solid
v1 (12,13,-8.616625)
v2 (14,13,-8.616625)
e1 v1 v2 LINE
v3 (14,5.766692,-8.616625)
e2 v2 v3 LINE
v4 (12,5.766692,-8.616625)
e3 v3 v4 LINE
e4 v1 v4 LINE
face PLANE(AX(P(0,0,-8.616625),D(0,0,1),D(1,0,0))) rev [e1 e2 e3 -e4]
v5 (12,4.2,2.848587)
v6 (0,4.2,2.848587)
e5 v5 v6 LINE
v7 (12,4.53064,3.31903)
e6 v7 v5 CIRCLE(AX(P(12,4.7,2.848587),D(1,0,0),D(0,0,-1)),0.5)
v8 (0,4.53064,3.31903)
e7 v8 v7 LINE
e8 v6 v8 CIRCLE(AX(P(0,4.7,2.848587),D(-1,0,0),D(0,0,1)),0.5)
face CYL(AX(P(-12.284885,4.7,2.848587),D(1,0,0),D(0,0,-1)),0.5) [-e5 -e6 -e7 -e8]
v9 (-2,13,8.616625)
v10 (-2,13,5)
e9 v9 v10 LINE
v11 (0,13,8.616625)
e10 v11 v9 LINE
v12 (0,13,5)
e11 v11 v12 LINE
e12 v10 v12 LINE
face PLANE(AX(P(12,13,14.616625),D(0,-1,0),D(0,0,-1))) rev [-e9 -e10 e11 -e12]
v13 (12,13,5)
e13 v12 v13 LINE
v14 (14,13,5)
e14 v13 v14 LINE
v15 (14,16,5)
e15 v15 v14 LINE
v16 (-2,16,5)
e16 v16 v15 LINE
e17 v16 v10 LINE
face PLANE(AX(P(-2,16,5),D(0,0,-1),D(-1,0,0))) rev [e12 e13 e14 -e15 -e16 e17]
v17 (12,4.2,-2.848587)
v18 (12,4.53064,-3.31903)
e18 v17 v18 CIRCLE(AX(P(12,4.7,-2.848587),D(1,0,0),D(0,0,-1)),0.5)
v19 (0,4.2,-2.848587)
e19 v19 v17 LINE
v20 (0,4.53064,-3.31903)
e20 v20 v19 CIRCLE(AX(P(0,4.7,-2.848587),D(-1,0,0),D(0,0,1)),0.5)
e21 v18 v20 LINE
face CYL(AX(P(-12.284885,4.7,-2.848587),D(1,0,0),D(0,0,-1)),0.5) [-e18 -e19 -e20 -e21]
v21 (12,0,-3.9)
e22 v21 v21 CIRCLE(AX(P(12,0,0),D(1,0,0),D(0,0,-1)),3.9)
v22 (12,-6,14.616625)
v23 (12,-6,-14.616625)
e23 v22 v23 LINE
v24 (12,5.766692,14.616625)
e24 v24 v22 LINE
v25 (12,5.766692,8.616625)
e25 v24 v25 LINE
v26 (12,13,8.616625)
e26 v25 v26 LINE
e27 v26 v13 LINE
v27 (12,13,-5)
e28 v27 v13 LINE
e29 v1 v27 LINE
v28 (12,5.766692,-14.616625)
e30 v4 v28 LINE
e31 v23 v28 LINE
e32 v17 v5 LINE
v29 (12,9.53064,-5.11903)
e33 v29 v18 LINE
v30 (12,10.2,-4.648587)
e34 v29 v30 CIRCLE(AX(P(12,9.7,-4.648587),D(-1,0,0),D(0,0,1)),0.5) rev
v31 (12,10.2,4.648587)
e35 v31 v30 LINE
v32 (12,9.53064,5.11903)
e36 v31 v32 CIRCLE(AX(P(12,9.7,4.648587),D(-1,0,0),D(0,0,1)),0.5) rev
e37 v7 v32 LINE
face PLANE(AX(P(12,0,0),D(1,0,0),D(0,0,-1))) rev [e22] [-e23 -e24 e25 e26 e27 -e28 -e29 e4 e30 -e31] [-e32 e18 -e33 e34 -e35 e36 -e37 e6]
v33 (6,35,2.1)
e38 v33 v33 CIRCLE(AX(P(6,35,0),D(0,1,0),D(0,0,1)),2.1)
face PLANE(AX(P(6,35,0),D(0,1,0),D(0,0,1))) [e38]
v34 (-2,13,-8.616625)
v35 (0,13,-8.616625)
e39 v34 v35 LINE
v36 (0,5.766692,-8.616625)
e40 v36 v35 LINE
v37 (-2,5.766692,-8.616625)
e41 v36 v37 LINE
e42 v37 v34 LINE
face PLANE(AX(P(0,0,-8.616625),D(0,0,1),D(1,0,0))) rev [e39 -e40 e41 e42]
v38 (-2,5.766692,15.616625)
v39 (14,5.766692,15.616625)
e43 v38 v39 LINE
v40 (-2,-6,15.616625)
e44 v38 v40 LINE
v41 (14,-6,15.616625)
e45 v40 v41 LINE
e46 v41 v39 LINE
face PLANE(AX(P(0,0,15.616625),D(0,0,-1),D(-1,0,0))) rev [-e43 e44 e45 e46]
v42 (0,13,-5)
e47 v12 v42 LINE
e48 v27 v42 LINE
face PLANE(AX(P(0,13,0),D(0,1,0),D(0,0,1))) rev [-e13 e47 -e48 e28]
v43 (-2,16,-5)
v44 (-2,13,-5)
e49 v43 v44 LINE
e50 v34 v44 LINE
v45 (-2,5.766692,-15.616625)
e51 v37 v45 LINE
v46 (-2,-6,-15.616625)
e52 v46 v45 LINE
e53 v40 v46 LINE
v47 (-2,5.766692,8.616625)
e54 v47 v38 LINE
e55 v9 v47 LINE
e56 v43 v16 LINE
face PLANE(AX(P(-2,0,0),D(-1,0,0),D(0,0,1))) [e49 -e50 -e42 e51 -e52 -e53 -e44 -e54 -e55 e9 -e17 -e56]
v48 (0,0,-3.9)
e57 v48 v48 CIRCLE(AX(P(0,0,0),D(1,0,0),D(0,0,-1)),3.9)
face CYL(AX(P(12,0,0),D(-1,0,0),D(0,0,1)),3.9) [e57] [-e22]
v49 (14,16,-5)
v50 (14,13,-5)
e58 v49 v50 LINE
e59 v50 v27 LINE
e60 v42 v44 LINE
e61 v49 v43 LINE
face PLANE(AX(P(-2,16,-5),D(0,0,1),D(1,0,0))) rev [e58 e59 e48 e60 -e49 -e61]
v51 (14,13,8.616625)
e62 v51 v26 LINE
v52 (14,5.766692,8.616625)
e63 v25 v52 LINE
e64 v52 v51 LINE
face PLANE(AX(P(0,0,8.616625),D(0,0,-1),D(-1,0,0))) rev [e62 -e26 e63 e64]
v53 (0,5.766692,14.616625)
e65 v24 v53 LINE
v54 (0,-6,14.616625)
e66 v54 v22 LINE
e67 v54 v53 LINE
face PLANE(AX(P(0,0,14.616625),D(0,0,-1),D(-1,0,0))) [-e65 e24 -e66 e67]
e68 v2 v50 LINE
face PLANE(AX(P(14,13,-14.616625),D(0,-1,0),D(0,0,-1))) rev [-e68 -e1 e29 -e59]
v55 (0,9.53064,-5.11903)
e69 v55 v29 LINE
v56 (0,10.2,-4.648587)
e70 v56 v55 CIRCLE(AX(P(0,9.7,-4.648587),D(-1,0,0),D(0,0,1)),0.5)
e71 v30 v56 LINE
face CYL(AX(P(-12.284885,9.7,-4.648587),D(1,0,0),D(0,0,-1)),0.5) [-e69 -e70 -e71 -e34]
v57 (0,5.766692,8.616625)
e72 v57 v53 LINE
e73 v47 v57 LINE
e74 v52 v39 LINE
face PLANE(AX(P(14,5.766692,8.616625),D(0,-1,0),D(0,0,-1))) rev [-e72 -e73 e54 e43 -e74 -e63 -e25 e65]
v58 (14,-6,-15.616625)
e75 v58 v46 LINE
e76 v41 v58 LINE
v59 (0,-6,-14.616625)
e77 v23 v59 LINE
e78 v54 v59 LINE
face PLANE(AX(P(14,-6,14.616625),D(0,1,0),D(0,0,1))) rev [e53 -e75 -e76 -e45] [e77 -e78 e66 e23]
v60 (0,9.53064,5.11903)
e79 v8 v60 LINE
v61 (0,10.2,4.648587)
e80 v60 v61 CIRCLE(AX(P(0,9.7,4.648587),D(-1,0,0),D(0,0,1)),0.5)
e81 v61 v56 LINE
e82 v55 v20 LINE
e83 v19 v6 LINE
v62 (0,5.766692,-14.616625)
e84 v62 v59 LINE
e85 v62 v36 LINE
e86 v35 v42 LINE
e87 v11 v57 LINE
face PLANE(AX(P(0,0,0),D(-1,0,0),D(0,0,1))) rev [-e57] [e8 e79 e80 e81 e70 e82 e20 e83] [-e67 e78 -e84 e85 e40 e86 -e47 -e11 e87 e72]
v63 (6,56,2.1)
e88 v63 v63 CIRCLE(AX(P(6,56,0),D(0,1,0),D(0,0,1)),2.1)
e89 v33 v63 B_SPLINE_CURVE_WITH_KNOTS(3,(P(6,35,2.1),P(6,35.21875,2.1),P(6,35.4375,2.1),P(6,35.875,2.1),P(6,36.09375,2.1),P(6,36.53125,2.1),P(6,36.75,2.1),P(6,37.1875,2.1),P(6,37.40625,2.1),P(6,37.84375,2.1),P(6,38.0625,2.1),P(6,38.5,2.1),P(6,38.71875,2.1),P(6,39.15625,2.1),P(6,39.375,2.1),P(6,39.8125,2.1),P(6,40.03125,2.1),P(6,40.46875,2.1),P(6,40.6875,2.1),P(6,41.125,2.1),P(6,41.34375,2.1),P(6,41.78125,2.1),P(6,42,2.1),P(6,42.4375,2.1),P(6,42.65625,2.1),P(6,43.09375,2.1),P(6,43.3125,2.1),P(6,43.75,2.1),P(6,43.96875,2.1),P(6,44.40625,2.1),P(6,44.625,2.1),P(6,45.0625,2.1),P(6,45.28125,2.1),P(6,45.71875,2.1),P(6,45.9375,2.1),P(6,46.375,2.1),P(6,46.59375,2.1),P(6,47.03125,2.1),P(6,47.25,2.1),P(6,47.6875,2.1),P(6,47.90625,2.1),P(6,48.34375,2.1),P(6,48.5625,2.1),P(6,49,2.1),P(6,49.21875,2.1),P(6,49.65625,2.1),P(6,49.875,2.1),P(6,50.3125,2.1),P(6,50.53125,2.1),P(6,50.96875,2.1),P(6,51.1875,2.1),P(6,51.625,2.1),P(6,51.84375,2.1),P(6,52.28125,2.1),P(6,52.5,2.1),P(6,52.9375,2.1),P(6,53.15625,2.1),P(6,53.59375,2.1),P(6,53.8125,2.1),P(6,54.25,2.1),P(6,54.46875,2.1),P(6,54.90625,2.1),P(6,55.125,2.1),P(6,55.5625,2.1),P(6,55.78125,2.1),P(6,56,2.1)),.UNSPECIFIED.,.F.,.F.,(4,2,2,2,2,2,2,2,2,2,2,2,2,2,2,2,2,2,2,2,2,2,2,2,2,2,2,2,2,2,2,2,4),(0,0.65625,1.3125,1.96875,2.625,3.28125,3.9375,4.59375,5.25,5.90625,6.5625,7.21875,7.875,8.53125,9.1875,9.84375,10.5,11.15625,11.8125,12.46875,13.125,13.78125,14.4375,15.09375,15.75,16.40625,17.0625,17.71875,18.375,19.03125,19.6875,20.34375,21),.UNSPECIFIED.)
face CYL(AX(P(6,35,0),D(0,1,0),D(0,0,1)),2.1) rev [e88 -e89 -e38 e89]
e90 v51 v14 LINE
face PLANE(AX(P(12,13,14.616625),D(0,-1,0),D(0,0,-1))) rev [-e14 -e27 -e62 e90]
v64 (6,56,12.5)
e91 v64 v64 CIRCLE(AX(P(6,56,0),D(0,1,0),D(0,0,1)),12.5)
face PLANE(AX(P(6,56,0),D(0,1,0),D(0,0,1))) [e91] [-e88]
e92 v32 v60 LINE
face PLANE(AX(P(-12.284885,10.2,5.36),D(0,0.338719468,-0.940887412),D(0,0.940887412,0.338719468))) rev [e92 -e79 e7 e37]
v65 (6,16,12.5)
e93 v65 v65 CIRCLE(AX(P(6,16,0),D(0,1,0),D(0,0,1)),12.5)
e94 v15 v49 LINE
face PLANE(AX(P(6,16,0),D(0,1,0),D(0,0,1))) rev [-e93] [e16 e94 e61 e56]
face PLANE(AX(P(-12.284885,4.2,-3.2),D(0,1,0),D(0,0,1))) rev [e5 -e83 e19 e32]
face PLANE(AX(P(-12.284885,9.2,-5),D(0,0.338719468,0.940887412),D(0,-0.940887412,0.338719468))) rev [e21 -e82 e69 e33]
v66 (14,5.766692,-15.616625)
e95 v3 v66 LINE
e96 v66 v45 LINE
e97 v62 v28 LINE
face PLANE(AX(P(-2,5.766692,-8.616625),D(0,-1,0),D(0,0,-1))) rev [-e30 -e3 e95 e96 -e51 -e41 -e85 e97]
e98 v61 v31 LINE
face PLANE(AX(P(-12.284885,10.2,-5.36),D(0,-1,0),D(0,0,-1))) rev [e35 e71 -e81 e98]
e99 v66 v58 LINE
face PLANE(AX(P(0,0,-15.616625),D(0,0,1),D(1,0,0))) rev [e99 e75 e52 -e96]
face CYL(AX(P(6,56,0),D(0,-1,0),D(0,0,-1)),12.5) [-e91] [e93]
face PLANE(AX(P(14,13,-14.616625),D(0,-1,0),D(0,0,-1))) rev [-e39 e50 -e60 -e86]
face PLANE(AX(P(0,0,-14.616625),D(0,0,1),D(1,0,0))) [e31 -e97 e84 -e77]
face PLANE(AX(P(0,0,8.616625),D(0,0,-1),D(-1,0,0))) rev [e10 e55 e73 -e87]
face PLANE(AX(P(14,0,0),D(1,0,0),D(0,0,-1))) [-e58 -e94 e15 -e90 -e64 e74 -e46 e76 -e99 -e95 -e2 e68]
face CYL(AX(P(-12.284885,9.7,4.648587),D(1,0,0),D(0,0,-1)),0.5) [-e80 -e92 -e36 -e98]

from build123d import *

# Parameters (mm, degrees)
SKETCH2_R            = 3.9
BOSS_EXTRUDE1_DEPTH  = 12
SKETCH3_R            = 6
BOSS_EXTRUDE2_DEPTH  = 2
BOSS_EXTRUDE3_START  = 2
SKETCH4_R            = 6
BOSS_EXTRUDE3_DEPTH  = 2
SKETCH5_W            = 19.497175456
SKETCH5_H            = 13.883202756
CUT_EXTRUDE1_DEPTH   = 5
SKETCH6_W            = 2
SKETCH6_H            = 6.63324958
BOSS_EXTRUDE4_DEPTH  = 8
SKETCH7_W            = 16
SKETCH7_H            = 10
BOSS_EXTRUDE5_DEPTH  = 3
SKETCH8_R            = 12.5
BOSS_EXTRUDE6_DEPTH  = 40
SKETCH10_R           = 2.1
CUT_EXTRUDE2_DEPTH   = 21
BOSS_EXTRUDE7_DEPTH  = 12
FILLET1_R            = 0.5
SKETCH11_W           = 2
SKETCH11_H           = 19
BOSS_EXTRUDE8_DEPTH  = 11.3
SKETCH13_W           = 2
SKETCH13_H           = 19
BOSS_EXTRUDE9_DEPTH  = 11.3
SKETCH14_W           = 16
SKETCH14_H           = 19
BOSS_EXTRUDE10_DEPTH = 1
SKETCH15_W           = 16
SKETCH15_H           = 19
BOSS_EXTRUDE11_DEPTH = 1
SKETCH16_W           = 16
SKETCH16_H           = 7.233308129
CUT_EXTRUDE3_DEPTH   = 7
SKETCH17_W           = 16
SKETCH17_H           = 7.233308129
CUT_EXTRUDE4_DEPTH   = 7
SKETCH18_W           = 2
SKETCH18_H           = 1
BOSS_EXTRUDE12_DEPTH = 6.633249581
SKETCH19_W           = 2
SKETCH19_H           = 1
BOSS_EXTRUDE13_DEPTH = 6.633249581


with BuildPart() as part:
    # Sketch2 → Boss-Extrude1 (new body)
    with BuildSketch(Plane(origin=(0, 0, 0), x_dir=(0, 0, -1), z_dir=(1, 0, 0))):
        Circle(SKETCH2_R)
    extrude(amount=BOSS_EXTRUDE1_DEPTH)

    # Sketch3 → Boss-Extrude2 (add)
    with BuildSketch(Plane(origin=(12, 0, 0), x_dir=(0, 0, -1), z_dir=(1, 0, 0))):
        Circle(SKETCH3_R)
    extrude(amount=BOSS_EXTRUDE2_DEPTH)

    # Sketch4 → Boss-Extrude3 (add)
    with BuildSketch(Plane.ZY.offset(BOSS_EXTRUDE3_START)):
        with Locations(Location((0, 0, 0), (0, 0, 180))):
            Circle(SKETCH4_R)
    extrude(amount=-BOSS_EXTRUDE3_DEPTH)

    # Sketch5 → Cut-Extrude1 (cut)
    with BuildSketch(Plane(origin=(0, 5, 0), x_dir=(1, 0, 0), z_dir=(0, 1, 0))):
        with Locations((6.056898372, 0.369839418)):
            Rectangle(SKETCH5_W, SKETCH5_H)
    extrude(amount=CUT_EXTRUDE1_DEPTH, mode=Mode.SUBTRACT)

    # Sketch6 → Boss-Extrude4 (add)
    with BuildSketch(Plane(origin=(0, 5, 0), x_dir=(1, 0, 0), z_dir=(0, 1, 0))):
        with Locations((13, 0)):
            Rectangle(SKETCH6_W, SKETCH6_H)
        with Locations((-1, 0)):
            Rectangle(SKETCH6_W, SKETCH6_H)
    extrude(amount=BOSS_EXTRUDE4_DEPTH)

    # Sketch7 → Boss-Extrude5 (add)
    with BuildSketch(Plane(origin=(0, 13, 0), x_dir=(1, 0, 0), z_dir=(0, 1, 0))):
        with Locations((6, 0)):
            Rectangle(SKETCH7_W, SKETCH7_H)
    extrude(amount=BOSS_EXTRUDE5_DEPTH)

    # Sketch8 → Boss-Extrude6 (add)
    with BuildSketch(Plane(origin=(0, 16, 0), x_dir=(1, 0, 0), z_dir=(0, 1, 0))):
        with Locations(Location((6, 0, 0), (0, 0, 270))):
            Circle(SKETCH8_R)
    extrude(amount=BOSS_EXTRUDE6_DEPTH)

    # Sketch10 → Cut-Extrude2 (cut)
    with BuildSketch(Plane(origin=(0, 56, 0), x_dir=(1, 0, 0), z_dir=(0, 1, 0))):
        with Locations(Location((6, 0, 0), (0, 0, 270))):
            Circle(SKETCH10_R)
    extrude(amount=-CUT_EXTRUDE2_DEPTH, mode=Mode.SUBTRACT)

    # Sketch12 → Boss-Extrude7 (add)
    with BuildSketch(Plane.ZY.offset(-12)):
        Polygon((-3.2, 4.2), (3.2, 4.2), (5, 9.2), (5.36, 10.2), (-5.36, 10.2), (-5, 9.2), align=None)
    extrude(amount=BOSS_EXTRUDE7_DEPTH)

    # Fillet1
    fillet1_edges = [part.edges().sort_by_distance(p)[0] for p in [
        (6, 4.2, -3.2),
        (6, 4.2, 3.2),
        (6, 10.2, 5.36),
        (6, 10.2, -5.36),
    ]]
    fillet(fillet1_edges, radius=FILLET1_R)

    # Sketch11 → Boss-Extrude8 (add)
    with BuildSketch(Plane.XY.offset(3.31662479)):
        with Locations((13, 3.5)):
            Rectangle(SKETCH11_W, SKETCH11_H)
        with Locations((-1, 3.5)):
            Rectangle(SKETCH11_W, SKETCH11_H)
    extrude(amount=BOSS_EXTRUDE8_DEPTH)

    # Sketch13 → Boss-Extrude9 (add)
    with BuildSketch(Plane(origin=(0, 0, -3.31662479), x_dir=(-1, 0, 0), z_dir=(0, 0, -1))):
        with Locations((-13, 3.5)):
            Rectangle(SKETCH13_W, SKETCH13_H)
        with Locations((1, 3.5)):
            Rectangle(SKETCH13_W, SKETCH13_H)
    extrude(amount=BOSS_EXTRUDE9_DEPTH)

    # Sketch14 → Boss-Extrude10 (add)
    with BuildSketch(Plane.XY.offset(14.61662479)):
        with Locations((6, 3.5)):
            Rectangle(SKETCH14_W, SKETCH14_H)
    extrude(amount=BOSS_EXTRUDE10_DEPTH)

    # Sketch15 → Boss-Extrude11 (add)
    with BuildSketch(Plane(origin=(0, 0, -14.61662479), x_dir=(-1, 0, 0), z_dir=(0, 0, -1))):
        with Locations((-6, 3.5)):
            Rectangle(SKETCH15_W, SKETCH15_H)
    extrude(amount=BOSS_EXTRUDE11_DEPTH)

    # Sketch16 → Cut-Extrude3 (cut)
    with BuildSketch(Plane(origin=(0, 0, -15.61662479), x_dir=(-1, 0, 0), z_dir=(0, 0, -1))):
        with Locations((-6, 9.383345935)):
            Rectangle(SKETCH16_W, SKETCH16_H)
    extrude(amount=-CUT_EXTRUDE3_DEPTH, mode=Mode.SUBTRACT)

    # Sketch17 → Cut-Extrude4 (cut)
    with BuildSketch(Plane.XY.offset(15.61662479)):
        with Locations((6, 9.383345935)):
            Rectangle(SKETCH17_W, SKETCH17_H)
    extrude(amount=-CUT_EXTRUDE4_DEPTH, mode=Mode.SUBTRACT)

    # Sketch18 → Boss-Extrude12 (add)
    with BuildSketch(Plane(origin=(0, 0, 3.31662479), x_dir=(-1, 0, 0), z_dir=(0, 0, -1))):
        with Locations((-13, -5.5)):
            Rectangle(SKETCH18_W, SKETCH18_H)
    extrude(amount=BOSS_EXTRUDE12_DEPTH)

    # Sketch19 → Boss-Extrude13 (add)
    with BuildSketch(Plane(origin=(0, 0, 3.31662479), x_dir=(-1, 0, 0), z_dir=(0, 0, -1))):
        with Locations((1, -5.5)):
            Rectangle(SKETCH19_W, SKETCH19_H)
    extrude(amount=BOSS_EXTRUDE13_DEPTH)


solid = part.part
